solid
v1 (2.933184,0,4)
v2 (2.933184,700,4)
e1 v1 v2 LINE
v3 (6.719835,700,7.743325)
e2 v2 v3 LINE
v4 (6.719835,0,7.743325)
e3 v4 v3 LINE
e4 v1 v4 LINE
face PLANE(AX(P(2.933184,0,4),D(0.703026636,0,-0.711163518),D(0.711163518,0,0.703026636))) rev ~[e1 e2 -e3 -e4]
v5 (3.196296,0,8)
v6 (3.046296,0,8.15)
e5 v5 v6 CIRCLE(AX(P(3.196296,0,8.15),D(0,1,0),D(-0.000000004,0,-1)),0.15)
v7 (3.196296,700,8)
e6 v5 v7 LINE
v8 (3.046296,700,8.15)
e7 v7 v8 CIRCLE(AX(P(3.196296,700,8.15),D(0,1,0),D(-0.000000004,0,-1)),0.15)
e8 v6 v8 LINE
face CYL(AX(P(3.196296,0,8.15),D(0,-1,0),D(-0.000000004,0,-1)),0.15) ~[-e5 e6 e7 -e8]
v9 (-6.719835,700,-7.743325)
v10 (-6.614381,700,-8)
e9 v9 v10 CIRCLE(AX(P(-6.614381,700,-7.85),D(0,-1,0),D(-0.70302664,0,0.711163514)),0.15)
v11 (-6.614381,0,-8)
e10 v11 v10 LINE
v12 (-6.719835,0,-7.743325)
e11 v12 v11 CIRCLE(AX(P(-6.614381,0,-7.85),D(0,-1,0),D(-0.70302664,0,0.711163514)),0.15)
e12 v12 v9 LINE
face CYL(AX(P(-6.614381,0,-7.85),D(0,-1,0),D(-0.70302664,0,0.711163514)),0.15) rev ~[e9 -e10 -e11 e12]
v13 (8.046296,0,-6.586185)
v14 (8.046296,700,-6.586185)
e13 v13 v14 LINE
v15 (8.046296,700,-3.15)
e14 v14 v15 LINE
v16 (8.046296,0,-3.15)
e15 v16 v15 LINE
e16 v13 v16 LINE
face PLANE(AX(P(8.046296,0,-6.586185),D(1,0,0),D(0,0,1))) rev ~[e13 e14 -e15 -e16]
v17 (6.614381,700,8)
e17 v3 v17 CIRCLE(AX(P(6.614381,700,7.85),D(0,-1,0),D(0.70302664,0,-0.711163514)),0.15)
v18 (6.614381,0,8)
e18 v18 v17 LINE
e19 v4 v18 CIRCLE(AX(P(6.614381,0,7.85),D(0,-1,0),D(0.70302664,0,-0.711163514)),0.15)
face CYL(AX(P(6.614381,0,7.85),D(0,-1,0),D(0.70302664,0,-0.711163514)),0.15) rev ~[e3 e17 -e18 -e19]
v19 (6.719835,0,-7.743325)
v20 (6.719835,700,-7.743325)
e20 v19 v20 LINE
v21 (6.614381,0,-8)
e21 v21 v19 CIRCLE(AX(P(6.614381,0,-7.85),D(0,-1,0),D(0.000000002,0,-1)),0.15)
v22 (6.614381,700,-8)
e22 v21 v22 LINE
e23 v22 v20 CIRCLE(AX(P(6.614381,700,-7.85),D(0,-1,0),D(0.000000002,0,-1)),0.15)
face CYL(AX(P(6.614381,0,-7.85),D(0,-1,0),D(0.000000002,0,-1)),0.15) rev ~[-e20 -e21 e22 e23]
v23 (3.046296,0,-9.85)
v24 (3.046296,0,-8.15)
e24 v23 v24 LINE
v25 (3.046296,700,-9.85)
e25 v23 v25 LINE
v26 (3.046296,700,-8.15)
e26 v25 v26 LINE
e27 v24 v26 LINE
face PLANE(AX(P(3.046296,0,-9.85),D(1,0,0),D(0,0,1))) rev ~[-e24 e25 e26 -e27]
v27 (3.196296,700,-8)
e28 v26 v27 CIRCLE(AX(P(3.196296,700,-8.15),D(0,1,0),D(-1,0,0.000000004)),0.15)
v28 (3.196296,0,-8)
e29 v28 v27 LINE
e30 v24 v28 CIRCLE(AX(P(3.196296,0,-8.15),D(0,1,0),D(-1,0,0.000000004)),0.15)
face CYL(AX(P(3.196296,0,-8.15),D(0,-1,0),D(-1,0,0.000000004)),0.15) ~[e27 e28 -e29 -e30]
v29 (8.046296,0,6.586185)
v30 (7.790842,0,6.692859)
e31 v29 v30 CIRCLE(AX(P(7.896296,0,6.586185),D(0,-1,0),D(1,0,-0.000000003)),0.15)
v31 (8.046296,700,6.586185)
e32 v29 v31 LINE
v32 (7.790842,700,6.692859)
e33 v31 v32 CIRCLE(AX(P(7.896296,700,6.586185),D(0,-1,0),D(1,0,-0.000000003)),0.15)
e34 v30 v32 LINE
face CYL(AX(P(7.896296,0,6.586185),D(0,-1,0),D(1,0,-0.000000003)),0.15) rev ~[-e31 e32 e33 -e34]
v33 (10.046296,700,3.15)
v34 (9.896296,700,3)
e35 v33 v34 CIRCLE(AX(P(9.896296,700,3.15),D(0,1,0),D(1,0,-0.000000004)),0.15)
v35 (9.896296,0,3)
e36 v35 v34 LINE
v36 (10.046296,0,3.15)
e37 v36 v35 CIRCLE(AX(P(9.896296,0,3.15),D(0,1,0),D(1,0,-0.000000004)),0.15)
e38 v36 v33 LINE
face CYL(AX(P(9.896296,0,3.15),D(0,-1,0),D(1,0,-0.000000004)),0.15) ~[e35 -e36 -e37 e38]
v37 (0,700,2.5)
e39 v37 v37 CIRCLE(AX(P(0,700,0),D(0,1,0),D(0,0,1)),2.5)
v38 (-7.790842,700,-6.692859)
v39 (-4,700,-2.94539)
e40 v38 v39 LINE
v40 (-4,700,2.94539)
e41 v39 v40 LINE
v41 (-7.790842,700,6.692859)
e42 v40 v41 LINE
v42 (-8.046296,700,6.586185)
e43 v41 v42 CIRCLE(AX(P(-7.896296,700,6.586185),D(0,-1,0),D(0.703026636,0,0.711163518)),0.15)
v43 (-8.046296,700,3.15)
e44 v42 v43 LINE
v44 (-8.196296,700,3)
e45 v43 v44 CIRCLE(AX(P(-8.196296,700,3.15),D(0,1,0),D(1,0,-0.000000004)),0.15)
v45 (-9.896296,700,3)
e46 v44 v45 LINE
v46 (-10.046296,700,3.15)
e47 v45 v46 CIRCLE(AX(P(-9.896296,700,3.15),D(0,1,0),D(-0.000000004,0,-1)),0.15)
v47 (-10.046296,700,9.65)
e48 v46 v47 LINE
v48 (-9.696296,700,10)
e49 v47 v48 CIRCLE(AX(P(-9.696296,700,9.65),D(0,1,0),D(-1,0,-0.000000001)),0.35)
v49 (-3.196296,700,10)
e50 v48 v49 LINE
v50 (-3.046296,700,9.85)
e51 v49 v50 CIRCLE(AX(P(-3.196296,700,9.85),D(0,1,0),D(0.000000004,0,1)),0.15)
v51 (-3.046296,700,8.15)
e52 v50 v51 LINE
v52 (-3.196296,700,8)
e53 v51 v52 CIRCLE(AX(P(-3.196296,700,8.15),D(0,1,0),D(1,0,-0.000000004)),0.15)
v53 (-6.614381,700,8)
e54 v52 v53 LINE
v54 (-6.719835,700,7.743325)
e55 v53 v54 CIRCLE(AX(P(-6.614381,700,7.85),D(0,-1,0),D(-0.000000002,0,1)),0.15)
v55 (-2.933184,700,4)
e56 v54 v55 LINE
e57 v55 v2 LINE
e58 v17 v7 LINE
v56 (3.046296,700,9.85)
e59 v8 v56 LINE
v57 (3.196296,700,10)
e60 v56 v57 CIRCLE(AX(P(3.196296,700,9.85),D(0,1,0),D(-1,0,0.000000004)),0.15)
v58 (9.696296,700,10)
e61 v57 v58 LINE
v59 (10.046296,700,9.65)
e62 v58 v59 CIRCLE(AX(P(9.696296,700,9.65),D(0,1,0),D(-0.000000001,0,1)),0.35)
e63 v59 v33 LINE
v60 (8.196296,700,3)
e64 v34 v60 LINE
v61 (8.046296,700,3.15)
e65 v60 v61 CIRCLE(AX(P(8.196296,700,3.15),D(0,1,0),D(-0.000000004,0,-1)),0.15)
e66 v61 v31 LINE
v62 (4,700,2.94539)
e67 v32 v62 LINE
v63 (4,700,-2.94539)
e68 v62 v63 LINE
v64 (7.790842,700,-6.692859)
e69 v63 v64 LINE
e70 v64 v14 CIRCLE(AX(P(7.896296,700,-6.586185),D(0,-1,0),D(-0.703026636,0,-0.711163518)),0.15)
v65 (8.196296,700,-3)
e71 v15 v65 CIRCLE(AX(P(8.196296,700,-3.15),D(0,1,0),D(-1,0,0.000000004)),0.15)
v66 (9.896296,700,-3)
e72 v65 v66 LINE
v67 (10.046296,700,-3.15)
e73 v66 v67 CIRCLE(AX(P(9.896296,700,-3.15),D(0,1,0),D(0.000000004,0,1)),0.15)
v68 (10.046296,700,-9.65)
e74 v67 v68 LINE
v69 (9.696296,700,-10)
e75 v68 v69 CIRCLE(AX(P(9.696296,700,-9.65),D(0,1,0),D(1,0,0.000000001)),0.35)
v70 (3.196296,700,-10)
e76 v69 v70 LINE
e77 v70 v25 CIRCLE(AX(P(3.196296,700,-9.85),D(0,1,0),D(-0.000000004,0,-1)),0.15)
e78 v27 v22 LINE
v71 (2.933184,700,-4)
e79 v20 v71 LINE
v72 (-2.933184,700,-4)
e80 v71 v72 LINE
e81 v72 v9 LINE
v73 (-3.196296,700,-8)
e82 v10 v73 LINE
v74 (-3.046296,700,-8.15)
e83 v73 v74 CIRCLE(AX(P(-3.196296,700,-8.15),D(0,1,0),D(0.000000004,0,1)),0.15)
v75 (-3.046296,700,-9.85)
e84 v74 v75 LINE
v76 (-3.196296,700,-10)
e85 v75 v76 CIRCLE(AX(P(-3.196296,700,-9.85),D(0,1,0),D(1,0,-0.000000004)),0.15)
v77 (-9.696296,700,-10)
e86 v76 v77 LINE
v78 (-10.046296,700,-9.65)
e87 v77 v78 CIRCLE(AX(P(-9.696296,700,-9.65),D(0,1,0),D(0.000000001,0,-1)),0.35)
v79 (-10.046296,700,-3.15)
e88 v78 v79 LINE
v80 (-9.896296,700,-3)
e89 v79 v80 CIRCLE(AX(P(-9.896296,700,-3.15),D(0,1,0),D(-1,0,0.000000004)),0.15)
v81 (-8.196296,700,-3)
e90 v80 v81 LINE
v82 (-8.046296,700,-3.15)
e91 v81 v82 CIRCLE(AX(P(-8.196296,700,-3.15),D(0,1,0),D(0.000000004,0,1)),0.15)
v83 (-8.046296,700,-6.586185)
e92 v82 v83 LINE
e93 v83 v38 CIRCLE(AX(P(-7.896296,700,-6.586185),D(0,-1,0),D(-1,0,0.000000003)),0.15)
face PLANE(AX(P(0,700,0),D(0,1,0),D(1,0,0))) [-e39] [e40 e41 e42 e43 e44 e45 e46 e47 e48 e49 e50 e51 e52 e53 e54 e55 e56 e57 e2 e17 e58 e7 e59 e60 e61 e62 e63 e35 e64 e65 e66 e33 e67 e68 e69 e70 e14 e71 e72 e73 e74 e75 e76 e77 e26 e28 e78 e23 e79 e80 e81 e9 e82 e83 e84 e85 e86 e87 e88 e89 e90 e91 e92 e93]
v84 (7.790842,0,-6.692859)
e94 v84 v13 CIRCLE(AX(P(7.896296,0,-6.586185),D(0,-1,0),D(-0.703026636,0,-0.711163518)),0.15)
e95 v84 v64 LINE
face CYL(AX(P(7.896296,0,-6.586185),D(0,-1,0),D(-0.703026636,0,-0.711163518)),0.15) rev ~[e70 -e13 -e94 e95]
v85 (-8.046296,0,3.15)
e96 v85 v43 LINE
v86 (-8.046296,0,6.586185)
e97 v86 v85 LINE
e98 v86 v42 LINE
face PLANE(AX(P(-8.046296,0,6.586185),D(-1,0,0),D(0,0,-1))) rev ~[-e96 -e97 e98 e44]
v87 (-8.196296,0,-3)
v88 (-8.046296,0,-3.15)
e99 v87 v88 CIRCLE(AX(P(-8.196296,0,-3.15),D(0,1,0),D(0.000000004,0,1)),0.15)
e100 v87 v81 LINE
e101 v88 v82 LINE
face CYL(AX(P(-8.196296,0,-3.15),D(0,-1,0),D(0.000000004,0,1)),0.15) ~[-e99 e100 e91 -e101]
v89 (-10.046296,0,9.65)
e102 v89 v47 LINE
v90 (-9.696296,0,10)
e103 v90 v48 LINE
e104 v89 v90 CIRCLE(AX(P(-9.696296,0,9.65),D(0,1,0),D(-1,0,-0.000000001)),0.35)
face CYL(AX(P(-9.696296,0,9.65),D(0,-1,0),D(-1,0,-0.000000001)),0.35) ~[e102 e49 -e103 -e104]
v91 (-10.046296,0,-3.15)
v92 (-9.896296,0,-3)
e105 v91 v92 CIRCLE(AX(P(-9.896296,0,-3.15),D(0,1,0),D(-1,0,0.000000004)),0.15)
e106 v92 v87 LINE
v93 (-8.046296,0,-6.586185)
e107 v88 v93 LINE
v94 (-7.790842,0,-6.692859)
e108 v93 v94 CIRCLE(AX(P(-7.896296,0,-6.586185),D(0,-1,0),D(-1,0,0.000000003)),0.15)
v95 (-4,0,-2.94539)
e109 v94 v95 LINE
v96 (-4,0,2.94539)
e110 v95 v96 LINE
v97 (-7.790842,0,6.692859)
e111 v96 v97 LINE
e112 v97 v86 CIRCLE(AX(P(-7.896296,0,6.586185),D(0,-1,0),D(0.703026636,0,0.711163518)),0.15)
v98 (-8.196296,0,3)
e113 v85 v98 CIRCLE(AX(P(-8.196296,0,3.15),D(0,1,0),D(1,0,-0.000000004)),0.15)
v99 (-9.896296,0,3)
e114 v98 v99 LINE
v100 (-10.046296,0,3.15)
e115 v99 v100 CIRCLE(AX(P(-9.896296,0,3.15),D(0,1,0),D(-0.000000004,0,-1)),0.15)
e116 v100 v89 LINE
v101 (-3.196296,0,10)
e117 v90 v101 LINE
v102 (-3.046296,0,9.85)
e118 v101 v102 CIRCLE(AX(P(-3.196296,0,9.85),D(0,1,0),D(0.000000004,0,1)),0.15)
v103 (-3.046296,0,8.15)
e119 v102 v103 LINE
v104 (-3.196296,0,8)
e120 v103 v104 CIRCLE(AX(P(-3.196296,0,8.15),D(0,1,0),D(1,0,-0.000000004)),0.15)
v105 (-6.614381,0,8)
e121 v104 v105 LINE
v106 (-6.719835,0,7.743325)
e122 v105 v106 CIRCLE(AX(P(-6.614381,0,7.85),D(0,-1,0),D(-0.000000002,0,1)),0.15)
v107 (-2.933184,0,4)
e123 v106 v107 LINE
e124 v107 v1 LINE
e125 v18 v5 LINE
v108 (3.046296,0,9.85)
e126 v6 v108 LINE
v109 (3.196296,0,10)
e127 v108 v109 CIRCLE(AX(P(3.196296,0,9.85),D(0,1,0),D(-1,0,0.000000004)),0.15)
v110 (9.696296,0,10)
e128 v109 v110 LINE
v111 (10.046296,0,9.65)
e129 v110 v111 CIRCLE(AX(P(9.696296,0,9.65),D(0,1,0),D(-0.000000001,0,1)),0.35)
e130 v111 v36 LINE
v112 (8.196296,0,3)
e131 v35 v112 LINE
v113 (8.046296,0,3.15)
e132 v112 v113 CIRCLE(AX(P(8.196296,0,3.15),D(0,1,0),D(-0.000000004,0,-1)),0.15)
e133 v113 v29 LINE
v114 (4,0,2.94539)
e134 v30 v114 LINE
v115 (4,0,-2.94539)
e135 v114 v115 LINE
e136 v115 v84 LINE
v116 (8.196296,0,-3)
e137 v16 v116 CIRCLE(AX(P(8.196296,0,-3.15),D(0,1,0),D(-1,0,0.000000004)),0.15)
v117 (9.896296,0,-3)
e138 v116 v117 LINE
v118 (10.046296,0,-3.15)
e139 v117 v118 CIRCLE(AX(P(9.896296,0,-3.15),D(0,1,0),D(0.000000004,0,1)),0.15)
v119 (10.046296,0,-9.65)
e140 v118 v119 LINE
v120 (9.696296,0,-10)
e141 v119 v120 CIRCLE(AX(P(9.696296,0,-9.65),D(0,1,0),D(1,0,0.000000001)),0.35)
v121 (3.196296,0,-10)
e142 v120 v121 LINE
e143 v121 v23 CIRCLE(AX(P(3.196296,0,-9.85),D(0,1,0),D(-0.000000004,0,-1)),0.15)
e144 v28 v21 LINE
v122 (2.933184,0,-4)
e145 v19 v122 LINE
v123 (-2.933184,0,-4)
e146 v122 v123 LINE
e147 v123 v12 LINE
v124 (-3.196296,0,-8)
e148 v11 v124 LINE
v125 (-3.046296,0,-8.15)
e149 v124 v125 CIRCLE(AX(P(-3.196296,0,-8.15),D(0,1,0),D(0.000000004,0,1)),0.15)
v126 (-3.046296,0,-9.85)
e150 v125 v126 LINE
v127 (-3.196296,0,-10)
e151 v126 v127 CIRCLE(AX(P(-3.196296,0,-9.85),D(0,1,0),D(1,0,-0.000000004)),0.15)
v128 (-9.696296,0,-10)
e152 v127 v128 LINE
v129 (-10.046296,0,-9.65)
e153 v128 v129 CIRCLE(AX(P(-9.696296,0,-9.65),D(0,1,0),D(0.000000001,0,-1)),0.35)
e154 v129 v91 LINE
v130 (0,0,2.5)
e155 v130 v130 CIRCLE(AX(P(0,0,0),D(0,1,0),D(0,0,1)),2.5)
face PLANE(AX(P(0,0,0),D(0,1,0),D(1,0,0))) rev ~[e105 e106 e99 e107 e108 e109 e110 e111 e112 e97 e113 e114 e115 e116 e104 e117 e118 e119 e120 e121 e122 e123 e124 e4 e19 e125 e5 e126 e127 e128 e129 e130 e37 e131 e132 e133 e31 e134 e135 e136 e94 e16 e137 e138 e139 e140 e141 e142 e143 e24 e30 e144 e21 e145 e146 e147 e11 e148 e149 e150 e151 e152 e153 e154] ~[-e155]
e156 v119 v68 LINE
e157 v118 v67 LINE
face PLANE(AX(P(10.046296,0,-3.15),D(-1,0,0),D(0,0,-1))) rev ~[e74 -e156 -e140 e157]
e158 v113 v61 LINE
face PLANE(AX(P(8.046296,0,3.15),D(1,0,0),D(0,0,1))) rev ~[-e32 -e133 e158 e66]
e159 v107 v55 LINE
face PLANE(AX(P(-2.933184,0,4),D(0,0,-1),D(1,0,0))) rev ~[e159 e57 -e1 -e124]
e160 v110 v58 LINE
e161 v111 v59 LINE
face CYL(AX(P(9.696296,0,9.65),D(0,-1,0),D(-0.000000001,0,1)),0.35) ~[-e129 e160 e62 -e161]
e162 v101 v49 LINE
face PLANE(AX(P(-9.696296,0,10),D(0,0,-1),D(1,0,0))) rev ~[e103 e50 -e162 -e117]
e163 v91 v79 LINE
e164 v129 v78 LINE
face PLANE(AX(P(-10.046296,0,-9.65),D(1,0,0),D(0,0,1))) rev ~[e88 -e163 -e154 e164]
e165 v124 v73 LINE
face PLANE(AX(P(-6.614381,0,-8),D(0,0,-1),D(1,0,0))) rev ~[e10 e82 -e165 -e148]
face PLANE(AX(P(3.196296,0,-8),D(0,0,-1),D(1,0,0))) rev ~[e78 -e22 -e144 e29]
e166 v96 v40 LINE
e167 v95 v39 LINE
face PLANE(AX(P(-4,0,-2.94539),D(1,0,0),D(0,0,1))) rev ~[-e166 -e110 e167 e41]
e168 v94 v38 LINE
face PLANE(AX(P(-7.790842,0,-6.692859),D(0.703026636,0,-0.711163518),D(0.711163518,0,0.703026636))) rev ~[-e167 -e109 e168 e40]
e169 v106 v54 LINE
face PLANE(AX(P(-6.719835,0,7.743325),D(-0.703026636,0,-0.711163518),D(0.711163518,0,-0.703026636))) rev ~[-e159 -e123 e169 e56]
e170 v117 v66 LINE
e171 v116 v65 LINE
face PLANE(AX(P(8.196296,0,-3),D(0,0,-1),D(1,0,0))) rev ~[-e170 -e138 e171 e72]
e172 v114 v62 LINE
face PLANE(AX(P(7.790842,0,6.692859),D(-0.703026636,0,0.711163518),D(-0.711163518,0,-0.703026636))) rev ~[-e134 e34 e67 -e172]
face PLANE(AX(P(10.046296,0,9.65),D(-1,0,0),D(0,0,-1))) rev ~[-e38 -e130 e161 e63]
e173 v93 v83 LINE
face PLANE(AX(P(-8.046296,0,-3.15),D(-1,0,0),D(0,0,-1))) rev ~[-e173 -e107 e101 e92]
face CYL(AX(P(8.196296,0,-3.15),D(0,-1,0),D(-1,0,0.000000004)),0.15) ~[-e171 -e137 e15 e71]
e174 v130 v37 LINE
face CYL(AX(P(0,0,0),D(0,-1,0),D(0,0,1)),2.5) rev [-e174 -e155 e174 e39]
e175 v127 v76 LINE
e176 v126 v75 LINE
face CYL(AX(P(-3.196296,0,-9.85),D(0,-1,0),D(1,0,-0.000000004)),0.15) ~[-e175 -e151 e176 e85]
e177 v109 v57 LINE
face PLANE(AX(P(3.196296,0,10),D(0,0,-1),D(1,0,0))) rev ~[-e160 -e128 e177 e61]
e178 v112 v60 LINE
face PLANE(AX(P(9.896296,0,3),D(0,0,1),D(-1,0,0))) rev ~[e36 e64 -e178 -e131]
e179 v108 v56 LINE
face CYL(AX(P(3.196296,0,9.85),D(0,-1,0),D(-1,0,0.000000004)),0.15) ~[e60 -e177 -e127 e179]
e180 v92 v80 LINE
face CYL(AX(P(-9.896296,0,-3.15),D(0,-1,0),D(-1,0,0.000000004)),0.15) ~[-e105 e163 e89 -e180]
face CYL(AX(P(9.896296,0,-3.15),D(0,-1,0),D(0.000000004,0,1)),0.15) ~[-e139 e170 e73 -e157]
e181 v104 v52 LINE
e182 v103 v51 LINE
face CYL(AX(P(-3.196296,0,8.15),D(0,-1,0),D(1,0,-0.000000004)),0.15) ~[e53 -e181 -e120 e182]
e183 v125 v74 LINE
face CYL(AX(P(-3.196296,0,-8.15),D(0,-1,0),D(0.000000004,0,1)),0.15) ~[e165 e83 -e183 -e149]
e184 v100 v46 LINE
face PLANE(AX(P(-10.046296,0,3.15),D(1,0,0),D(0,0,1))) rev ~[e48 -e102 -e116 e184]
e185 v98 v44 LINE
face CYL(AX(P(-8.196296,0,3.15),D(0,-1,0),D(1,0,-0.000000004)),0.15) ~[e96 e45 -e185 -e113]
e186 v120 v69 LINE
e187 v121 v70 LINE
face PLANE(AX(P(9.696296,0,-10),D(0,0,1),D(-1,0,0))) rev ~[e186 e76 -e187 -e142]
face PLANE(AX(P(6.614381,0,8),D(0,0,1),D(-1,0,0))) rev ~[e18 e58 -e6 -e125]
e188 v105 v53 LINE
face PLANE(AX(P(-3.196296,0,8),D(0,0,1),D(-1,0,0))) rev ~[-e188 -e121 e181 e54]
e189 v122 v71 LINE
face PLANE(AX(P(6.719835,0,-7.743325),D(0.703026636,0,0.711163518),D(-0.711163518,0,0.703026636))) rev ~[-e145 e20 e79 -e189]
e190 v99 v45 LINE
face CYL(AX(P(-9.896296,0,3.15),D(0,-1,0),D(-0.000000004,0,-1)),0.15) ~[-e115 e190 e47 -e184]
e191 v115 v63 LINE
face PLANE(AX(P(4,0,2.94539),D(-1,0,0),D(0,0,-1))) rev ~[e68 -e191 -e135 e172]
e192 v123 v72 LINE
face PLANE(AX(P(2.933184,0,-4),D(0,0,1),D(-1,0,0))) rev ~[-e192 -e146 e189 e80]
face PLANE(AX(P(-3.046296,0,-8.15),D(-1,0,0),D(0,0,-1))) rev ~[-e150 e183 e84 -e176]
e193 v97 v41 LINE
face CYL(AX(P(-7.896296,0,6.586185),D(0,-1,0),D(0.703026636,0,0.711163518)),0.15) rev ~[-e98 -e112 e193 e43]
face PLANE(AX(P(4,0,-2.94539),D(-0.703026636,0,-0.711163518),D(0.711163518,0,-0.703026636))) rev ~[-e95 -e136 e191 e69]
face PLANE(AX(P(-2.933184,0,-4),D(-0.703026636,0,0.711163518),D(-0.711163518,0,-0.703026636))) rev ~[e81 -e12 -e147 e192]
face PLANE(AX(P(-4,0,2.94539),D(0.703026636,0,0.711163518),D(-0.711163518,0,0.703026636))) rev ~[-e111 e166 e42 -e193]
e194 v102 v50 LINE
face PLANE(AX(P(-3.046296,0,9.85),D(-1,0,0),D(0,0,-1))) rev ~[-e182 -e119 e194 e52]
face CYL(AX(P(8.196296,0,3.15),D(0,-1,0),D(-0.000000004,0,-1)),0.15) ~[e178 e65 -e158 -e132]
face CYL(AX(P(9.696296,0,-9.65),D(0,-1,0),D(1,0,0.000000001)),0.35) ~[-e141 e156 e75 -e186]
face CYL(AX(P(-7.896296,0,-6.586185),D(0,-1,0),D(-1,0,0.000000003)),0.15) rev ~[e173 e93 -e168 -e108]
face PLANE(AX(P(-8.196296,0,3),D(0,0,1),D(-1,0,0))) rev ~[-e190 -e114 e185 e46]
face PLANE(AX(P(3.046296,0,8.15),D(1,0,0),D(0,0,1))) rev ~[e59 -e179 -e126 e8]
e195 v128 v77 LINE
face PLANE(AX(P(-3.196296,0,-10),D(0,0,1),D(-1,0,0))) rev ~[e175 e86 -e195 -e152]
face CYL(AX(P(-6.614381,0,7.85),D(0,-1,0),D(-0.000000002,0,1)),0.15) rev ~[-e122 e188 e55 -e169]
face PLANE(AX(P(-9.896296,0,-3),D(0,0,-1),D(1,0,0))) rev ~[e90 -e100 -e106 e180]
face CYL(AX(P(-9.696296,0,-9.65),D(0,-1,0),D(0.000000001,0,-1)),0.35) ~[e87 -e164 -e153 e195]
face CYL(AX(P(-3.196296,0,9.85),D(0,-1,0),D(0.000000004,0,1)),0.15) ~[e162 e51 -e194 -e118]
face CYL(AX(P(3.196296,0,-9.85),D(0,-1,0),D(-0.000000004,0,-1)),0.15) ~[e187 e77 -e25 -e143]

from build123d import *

# Parameters (mm, degrees)
SKETCH1_R           = 2.5
BOSS_EXTRUDE2_DEPTH = 700


with BuildPart() as part:
    # Sketch1 → Boss-Extrude2 (new body)
    with BuildSketch(Plane(origin=(0, 0, 0), x_dir=(1, 0, 0), z_dir=(0, 1, 0))):
        with BuildLine():
            Line((-9.896296296, 3), (-8.196296296, 3))
            ThreePointArc((-8.196296296, 3), (-8.090230279, 3.043933983), (-8.046296296, 3.15))
            Line((-8.046296296, 3.15), (-8.046296296, 6.586184513))
            ThreePointArc((-8.046296296, 6.586184513), (-7.954097251, 6.724600732), (-7.790842301, 6.692859041))
            Line((-7.790842301, 6.692859041), (-4, 2.945390222))
            Line((-4, 2.945390222), (-4, -2.945390222))
            Line((-4, -2.945390222), (-7.790842301, -6.692859041))
            ThreePointArc((-7.790842301, -6.692859041), (-7.954097251, -6.724600732), (-8.046296296, -6.586184513))
            Line((-8.046296296, -6.586184513), (-8.046296296, -3.15))
            ThreePointArc((-8.046296296, -3.15), (-8.090230279, -3.043933983), (-8.196296296, -3))
            Line((-8.196296296, -3), (-9.896296296, -3))
            ThreePointArc((-9.896296296, -3), (-10.002362313, -3.043933983), (-10.046296296, -3.15))
            Line((-10.046296296, -3.15), (-10.046296296, -9.65))
            ThreePointArc((-10.046296296, -9.65), (-9.94378367, -9.897487373), (-9.696296296, -10))
            Line((-9.696296296, -10), (-3.196296296, -10))
            ThreePointArc((-3.196296296, -10), (-3.090230279, -9.956066017), (-3.046296296, -9.85))
            Line((-3.046296296, -9.85), (-3.046296296, -8.15))
            ThreePointArc((-3.046296296, -8.15), (-3.090230279, -8.043933983), (-3.196296296, -8))
            Line((-3.196296296, -8), (-6.614381093, -8))
            ThreePointArc((-6.614381093, -8), (-6.753127587, -7.9070036), (-6.719835089, -7.743325472))
            Line((-6.719835089, -7.743325472), (-2.93318409, -4))
            Line((-2.93318409, -4), (2.93318409, -4))
            Line((2.93318409, -4), (6.719835089, -7.743325472))
            ThreePointArc((6.719835089, -7.743325472), (6.753127587, -7.9070036), (6.614381093, -8))
            Line((6.614381093, -8), (3.196296296, -8))
            ThreePointArc((3.196296296, -8), (3.090230279, -8.043933983), (3.046296296, -8.15))
            Line((3.046296296, -8.15), (3.046296296, -9.85))
            ThreePointArc((3.046296296, -9.85), (3.090230279, -9.956066017), (3.196296296, -10))
            Line((3.196296296, -10), (9.696296296, -10))
            ThreePointArc((9.696296296, -10), (9.94378367, -9.897487373), (10.046296296, -9.65))
            Line((10.046296296, -9.65), (10.046296296, -3.15))
            ThreePointArc((10.046296296, -3.15), (10.002362313, -3.043933983), (9.896296296, -3))
            Line((9.896296296, -3), (8.196296296, -3))
            ThreePointArc((8.196296296, -3), (8.090230279, -3.043933983), (8.046296296, -3.15))
            Line((8.046296296, -3.15), (8.046296296, -6.586184513))
            ThreePointArc((8.046296296, -6.586184513), (7.954097251, -6.724600732), (7.790842301, -6.692859041))
            Line((7.790842301, -6.692859041), (4, -2.945390222))
            Line((4, -2.945390222), (4, 2.945390222))
            Line((4, 2.945390222), (7.790842301, 6.692859041))
            ThreePointArc((7.790842301, 6.692859041), (7.954097251, 6.724600732), (8.046296296, 6.586184513))
            Line((8.046296296, 6.586184513), (8.046296296, 3.15))
            ThreePointArc((8.046296296, 3.15), (8.090230279, 3.043933983), (8.196296296, 3))
            Line((8.196296296, 3), (9.896296296, 3))
            ThreePointArc((9.896296296, 3), (10.002362313, 3.043933983), (10.046296296, 3.15))
            Line((10.046296296, 3.15), (10.046296296, 9.65))
            ThreePointArc((10.046296296, 9.65), (9.94378367, 9.897487373), (9.696296296, 10))
            Line((9.696296296, 10), (3.196296296, 10))
            ThreePointArc((3.196296296, 10), (3.090230279, 9.956066017), (3.046296296, 9.85))
            Line((3.046296296, 9.85), (3.046296296, 8.15))
            ThreePointArc((3.046296296, 8.15), (3.090230279, 8.043933983), (3.196296296, 8))
            Line((3.196296296, 8), (6.614381093, 8))
            ThreePointArc((6.614381093, 8), (6.753127587, 7.9070036), (6.719835089, 7.743325472))
            Line((6.719835089, 7.743325472), (2.93318409, 4))
            Line((2.93318409, 4), (-2.93318409, 4))
            Line((-2.93318409, 4), (-6.719835089, 7.743325472))
            ThreePointArc((-6.719835089, 7.743325472), (-6.753127587, 7.9070036), (-6.614381093, 8))
            Line((-6.614381093, 8), (-3.196296296, 8))
            ThreePointArc((-3.196296296, 8), (-3.090230279, 8.043933983), (-3.046296296, 8.15))
            Line((-3.046296296, 8.15), (-3.046296296, 9.85))
            ThreePointArc((-3.046296296, 9.85), (-3.090230279, 9.956066017), (-3.196296296, 10))
            Line((-3.196296296, 10), (-9.696296296, 10))
            ThreePointArc((-9.696296296, 10), (-9.94378367, 9.897487373), (-10.046296296, 9.65))
            Line((-10.046296296, 9.65), (-10.046296296, 3.15))
            ThreePointArc((-10.046296296, 3.15), (-10.002362313, 3.043933983), (-9.896296296, 3))
        make_face()
        with Locations(Location((0, 0, 0), (0, 0, 270))):
            Circle(SKETCH1_R, mode=Mode.SUBTRACT)
    extrude(amount=BOSS_EXTRUDE2_DEPTH)


solid = part.part
